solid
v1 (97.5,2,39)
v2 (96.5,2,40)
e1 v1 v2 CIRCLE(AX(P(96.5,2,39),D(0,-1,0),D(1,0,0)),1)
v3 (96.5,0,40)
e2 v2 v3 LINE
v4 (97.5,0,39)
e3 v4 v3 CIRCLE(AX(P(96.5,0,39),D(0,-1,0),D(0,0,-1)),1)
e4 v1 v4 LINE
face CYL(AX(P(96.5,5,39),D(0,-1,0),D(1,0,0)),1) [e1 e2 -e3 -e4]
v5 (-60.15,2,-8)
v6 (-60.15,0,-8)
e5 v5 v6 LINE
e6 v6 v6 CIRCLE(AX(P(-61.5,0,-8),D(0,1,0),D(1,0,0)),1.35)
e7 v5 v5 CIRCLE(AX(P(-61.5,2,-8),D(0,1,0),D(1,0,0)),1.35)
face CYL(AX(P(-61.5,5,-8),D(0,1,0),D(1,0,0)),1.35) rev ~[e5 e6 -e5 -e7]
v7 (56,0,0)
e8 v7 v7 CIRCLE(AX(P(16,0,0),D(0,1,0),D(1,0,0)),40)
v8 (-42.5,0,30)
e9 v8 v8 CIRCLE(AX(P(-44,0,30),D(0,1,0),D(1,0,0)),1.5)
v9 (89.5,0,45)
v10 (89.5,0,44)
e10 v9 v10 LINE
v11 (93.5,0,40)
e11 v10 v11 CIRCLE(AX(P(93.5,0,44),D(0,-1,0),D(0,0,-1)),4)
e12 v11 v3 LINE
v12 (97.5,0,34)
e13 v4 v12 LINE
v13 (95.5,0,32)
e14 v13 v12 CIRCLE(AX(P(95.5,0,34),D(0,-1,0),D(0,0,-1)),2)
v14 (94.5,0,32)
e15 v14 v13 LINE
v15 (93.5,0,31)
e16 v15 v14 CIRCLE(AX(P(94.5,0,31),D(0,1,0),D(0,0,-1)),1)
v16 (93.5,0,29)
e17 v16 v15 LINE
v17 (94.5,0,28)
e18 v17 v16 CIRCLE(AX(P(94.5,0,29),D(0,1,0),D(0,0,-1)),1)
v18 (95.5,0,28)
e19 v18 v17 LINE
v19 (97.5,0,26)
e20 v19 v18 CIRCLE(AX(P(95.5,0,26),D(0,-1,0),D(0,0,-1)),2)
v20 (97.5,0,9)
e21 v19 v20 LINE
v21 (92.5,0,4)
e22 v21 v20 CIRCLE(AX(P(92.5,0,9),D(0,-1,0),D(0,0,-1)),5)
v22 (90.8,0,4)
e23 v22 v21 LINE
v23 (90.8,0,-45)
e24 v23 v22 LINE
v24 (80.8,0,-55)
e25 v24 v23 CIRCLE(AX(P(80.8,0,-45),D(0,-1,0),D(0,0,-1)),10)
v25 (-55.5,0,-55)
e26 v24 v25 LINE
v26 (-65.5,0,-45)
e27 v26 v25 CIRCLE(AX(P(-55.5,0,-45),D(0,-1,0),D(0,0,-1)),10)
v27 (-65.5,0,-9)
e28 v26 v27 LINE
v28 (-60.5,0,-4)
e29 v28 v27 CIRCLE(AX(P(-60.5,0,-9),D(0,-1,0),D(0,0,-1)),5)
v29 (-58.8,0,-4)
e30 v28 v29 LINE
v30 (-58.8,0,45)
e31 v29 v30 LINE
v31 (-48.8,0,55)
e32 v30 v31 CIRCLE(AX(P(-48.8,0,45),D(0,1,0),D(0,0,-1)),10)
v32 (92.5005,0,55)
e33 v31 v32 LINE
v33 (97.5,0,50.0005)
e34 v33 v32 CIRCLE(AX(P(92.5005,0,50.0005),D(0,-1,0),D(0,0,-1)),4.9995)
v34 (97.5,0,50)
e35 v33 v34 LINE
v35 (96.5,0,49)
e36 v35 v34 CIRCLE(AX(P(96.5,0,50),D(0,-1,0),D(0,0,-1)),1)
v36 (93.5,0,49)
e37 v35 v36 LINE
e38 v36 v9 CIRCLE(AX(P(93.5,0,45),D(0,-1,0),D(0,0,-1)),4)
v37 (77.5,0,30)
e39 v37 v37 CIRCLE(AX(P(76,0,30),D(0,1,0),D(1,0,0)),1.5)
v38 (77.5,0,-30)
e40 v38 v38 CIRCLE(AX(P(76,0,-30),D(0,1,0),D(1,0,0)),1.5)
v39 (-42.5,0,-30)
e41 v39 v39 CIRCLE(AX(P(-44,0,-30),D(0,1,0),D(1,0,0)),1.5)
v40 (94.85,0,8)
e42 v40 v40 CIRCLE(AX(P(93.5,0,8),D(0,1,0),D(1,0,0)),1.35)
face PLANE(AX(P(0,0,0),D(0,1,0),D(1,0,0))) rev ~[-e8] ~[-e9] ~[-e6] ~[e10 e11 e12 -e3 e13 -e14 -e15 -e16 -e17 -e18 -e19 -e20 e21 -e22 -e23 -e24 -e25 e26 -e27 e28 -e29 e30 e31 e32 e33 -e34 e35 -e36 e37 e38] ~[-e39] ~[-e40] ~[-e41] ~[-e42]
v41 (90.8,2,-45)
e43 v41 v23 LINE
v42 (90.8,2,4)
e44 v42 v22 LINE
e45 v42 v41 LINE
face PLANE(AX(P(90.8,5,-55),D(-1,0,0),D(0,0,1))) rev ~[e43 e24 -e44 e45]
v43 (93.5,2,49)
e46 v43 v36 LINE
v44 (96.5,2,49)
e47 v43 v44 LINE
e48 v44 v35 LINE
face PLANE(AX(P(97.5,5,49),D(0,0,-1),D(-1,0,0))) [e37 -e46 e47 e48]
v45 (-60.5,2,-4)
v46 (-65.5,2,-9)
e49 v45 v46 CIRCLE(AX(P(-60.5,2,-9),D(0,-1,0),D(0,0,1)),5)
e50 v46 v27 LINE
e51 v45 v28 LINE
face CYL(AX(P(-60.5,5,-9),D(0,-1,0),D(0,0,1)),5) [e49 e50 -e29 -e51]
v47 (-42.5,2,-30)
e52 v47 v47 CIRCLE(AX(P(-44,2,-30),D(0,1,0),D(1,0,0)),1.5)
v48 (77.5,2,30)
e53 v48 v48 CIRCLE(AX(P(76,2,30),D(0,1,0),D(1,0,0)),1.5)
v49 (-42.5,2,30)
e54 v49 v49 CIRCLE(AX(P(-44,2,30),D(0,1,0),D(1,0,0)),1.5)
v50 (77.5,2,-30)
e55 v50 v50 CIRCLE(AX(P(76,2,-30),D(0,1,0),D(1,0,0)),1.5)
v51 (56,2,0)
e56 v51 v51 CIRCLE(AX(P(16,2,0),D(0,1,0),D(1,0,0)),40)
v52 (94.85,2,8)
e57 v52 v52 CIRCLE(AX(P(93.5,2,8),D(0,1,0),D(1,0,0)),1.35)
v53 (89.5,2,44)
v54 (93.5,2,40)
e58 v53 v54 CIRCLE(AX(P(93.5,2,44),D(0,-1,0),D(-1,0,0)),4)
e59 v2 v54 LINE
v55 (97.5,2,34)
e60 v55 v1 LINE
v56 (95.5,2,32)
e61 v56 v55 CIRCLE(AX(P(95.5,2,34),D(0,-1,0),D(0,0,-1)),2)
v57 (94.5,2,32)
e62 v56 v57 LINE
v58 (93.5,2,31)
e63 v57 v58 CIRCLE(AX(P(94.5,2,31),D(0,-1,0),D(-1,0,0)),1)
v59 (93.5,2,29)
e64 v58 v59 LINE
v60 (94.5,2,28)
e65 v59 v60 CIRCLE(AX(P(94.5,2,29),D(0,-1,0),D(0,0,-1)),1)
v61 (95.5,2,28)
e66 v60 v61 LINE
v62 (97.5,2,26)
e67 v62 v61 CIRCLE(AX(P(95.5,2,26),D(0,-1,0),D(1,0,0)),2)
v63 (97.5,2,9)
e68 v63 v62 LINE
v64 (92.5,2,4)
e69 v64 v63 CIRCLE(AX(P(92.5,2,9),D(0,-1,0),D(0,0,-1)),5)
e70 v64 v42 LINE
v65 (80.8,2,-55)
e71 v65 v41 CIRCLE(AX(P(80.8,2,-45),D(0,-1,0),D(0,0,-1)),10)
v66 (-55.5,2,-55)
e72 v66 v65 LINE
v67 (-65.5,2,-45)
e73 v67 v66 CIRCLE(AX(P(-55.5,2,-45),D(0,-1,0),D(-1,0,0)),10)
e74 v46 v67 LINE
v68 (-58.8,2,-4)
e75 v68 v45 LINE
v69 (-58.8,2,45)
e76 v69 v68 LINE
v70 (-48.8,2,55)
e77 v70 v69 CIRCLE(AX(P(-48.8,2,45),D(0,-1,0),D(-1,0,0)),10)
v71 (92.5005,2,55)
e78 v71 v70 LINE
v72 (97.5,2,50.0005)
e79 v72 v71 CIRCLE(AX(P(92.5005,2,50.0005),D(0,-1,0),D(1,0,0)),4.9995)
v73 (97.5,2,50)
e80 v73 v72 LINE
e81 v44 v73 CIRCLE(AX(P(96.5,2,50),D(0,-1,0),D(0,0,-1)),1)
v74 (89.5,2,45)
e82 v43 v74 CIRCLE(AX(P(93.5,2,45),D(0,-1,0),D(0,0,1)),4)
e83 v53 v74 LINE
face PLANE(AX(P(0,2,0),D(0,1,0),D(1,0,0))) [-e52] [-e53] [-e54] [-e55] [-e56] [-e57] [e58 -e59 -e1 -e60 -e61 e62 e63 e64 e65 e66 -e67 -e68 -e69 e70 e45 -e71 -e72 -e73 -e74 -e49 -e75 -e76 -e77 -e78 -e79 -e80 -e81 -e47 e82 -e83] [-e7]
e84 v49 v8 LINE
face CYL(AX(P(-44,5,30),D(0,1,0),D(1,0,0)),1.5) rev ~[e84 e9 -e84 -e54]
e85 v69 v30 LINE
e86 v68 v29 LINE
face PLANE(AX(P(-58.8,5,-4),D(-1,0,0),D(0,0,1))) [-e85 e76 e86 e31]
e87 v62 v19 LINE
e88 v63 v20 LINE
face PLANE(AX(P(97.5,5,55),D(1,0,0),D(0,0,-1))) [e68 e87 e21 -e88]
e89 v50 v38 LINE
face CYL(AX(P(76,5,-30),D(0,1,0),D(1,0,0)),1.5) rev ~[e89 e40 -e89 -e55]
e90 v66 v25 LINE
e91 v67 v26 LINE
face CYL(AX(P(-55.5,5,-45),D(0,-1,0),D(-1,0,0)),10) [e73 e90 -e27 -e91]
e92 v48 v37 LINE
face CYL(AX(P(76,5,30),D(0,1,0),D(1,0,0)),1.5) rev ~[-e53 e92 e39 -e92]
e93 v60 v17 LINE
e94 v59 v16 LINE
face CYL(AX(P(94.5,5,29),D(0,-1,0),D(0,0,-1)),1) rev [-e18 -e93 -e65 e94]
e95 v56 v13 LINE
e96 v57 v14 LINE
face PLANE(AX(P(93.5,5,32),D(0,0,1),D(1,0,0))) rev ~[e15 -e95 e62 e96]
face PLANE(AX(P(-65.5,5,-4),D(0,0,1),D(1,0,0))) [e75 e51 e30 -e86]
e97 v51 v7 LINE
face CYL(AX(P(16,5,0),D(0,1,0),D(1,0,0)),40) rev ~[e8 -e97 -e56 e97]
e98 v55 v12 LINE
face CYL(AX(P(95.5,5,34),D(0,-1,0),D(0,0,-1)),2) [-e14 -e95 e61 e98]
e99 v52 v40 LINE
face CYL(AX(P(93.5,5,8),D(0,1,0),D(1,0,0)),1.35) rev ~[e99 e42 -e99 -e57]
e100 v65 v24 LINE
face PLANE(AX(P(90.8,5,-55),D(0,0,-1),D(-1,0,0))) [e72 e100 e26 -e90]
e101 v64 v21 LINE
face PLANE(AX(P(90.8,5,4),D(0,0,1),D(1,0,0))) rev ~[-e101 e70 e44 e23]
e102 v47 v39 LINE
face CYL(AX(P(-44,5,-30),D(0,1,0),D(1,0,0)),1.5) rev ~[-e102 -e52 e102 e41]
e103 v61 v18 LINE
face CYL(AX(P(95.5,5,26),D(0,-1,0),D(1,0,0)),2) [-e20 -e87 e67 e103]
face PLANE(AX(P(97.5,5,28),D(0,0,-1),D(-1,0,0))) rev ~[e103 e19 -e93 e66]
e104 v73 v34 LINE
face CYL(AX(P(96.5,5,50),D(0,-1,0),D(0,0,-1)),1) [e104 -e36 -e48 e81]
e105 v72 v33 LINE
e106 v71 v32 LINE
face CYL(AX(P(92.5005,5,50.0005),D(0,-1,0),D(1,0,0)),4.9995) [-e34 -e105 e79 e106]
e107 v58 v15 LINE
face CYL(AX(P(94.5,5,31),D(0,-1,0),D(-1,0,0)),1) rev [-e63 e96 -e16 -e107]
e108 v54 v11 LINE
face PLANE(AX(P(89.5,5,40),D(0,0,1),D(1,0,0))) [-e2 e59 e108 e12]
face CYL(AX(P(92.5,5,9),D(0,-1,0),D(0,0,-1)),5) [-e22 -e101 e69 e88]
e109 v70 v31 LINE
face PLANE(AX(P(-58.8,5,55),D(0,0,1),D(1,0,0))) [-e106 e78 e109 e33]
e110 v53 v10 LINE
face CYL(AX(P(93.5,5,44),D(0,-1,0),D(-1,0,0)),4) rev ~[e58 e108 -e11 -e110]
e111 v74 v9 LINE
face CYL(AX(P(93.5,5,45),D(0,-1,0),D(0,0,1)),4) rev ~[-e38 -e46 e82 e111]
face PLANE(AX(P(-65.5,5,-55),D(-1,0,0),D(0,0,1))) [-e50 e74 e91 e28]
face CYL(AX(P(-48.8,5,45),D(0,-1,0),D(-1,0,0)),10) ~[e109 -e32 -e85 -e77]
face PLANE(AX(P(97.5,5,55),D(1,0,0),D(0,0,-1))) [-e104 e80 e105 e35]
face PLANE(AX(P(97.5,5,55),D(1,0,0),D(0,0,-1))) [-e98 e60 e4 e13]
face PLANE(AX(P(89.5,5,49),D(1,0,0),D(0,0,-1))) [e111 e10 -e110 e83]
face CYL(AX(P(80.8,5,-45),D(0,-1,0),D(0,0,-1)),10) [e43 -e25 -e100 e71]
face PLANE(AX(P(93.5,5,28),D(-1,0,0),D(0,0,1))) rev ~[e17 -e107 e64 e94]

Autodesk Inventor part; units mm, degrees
ref_plane "YZ Plane" through (0, 0, 0) normal (1, 0, 0) x (0, 1, 0)
ref_plane "XZ Plane" through (0, 0, 0) normal (0, 1, 0) x (-1, 0, 0)
ref_plane "XY Plane" through (0, 0, 0) normal (0, 0, 1) x (1, 0, 0)
sketch "Sketch1" plane through (0, 0, 0) normal (0, 1, 0) x (-1, 0, 0)
  circle A0 centre (0, 0) radius 40
  circle A1 centre (0, 0) radius 25
  dimension "d1" = 50
  dimension "d13" = 15
extrude "Extrusion1" add sketch "Sketch1" along normal blind 5
sketch "Sketch2" plane through (0, 5, 0) normal (0, 1, 0) x (1, 0, 0)
  circle A0 centre (-33, 0) radius 1.25
  circle A1 centre (0, 0) radius 25 projected
  circle A2 centre (0, 0) radius 33 construction
  dimension "d4" = 2.5
  dimension "d12" = 8
extrude "Extrusion2" cut sketch "Sketch2" against normal blind 10 contours A0
pattern_circular "Circular Pattern1" count 6 over 360 about axis through (0, 0, 0) along (0, 1, 0) of "Extrusion2"
sketch "Sketch3" plane through (0, 5, 0) normal (0, 1, 0) x (1, 0, 0)
  line L0 (-85, -42.5) -> (85, -42.5)
  line L1 (85, -42.5) -> (85, 42.5)
  line L2 (85, 42.5) -> (-85, 42.5)
  line L3 (-85, 42.5) -> (-85, -42.5)
  line L4 (-85, -42.5) -> (85, 42.5) construction
  line L5 (85, -42.5) -> (-85, 42.5) construction
  line L6 (34.5, 15.5) -> (65.5, 15.5) construction
  line L7 (65.5, 15.5) -> (65.5, -15.5) construction
  line L8 (65.5, -15.5) -> (34.5, -15.5) construction
  line L9 (34.5, -15.5) -> (34.5, 15.5) construction
  line L10 (34.5, 15.5) -> (65.5, -15.5) construction
  line L11 (65.5, 15.5) -> (34.5, -15.5) construction
  circle A0 centre (34.5, 15.5) radius 1.5
  circle A1 centre (65.5, 15.5) radius 1.5
  circle A2 centre (65.5, -15.5) radius 1.5
  circle A3 centre (34.5, -15.5) radius 1.5
  line L12 (0, 0) -> (50, 0) construction
  circle A4 centre (0, 0) radius 40
  circle A5 centre (0, 0) radius 40 projected
  line L13 (-50, 42.5) -> (-50, -42.5)
  circle A6 centre (50, 0) radius 12
  dimension "d14" = 85
  dimension "d15" = 170
  dimension "d16" = 31
  dimension "d17" = 31
  dimension "d18" = 3
  dimension "d19" = 3
  dimension "d20" = 3
  dimension "d21" = 3
  dimension "d22" = 50
  dimension "d23" = 35
  dimension "d26" = 24
extrude "Extrusion3" add sketch "Sketch3" against normal blind 5 contours L13 L2 L1 L0
sketch "Sketch4" plane through (0, 5, 0) normal (0, 1, 0) x (1, 0, 0)
  arc A0 (39.56, -5.9166) -> (39.56, 5.9166) centre (50, 0) ccw projected
  circle A1 centre (50, 0) radius 12
  point P0 (0, 0)
  point P1 (39.56, 5.9166)
  point P2 (39.56, -5.9166)
extrude "Extrusion4" cut sketch "Sketch4" against normal blind 5
sketch "Sketch5" plane through (0, 5, 0) normal (0, 1, 0) x (1, 0, 0)
  circle A0 centre (65.5, 15.5) radius 1.5 projected
  circle A1 centre (65.5, 15.5) radius 1.5
  line L0 (34.5, -15.5) -> (65.5, -15.5)
  line L1 (65.5, -15.5) -> (65.5, 15.5)
  line L2 (65.5, 15.5) -> (34.5, 15.5)
  line L3 (34.5, 15.5) -> (34.5, -15.5)
  circle A2 centre (50, 0) radius 12 projected
  line L4 (34.5, -15.5) -> (65.5, 15.5) construction
  line L5 (65.5, -15.5) -> (34.5, 15.5) construction
  circle A3 centre (34.5, 15.5) radius 1.5
  circle A4 centre (34.5, -15.5) radius 1.5
  point P0 (0, 0)
  dimension "d30" = 3
  dimension "d31" = 3
extrude "Extrusion5" cut sketch "Sketch5" against normal blind 5 contours A3 L3 L2 | L2 L3 A3 | A4 L3 L0 | L0 L3 A4
sketch "Sketch6" plane through (0, 5, 0) normal (0, 1, 0) x (1, 0, 0)
  line L0 (-65.5, -55) -> (97.5, -55)
  line L1 (97.5, -55) -> (97.5, 55)
  line L2 (97.5, 55) -> (-65.5, 55)
  line L3 (-65.5, 55) -> (-65.5, -55)
  line L4 (-65.5, -55) -> (97.5, 55) construction
  line L5 (97.5, -55) -> (-65.5, 55) construction
  line L6 (-65.5, 4) -> (-58.8, 4)
  line L7 (-58.8, 4) -> (-58.8, -55)
  line L8 (-58.8, -55) -> (-65.5, -55)
  line L9 (-65.5, -55) -> (-65.5, 4)
  line L10 (97.5, 55) -> (90.8, 55)
  line L11 (90.8, 55) -> (90.8, -4)
  line L12 (90.8, -4) -> (97.5, -4)
  line L13 (97.5, -4) -> (97.5, 55)
  line L14 (-50, -42.5) -> (-50, 42.5) projected
  line L15 (85, 42.5) -> (85, -42.5) projected
  line L16 (-50, 42.5) -> (85, 42.5)
  line L17 (85, 42.5) -> (85, -42.5)
  line L18 (85, -42.5) -> (-50, -42.5)
  line L19 (-50, -42.5) -> (-50, 42.5)
  point P0 (0, 0)
  point P1 (16, 0)
  dimension "d34" = 16
  dimension "d35" = 110
  dimension "d36" = 163
  dimension "d37" = 6.7
  dimension "d38" = 6.7
  dimension "d40" = 51
  dimension "d41" = 51
extrude "Extrusion6" add sketch "Sketch6" against normal blind 5 contours L7 L6 L3 L2 L11 L12 L1 L0
sketch "Sketch7" plane through (0, 5, 0) normal (0, 1, 0) x (1, 0, 0)
  line L0 (97.5, -49) -> (89.5, -49)
  line L1 (89.5, -49) -> (89.5, -40)
  line L2 (89.5, -40) -> (97.5, -40)
  line L3 (97.5, -40) -> (97.5, -49)
  line L4 (-58.8, -55) -> (97.5, -55) projected
  line L5 (97.5, -55) -> (97.5, -4) projected
  line L6 (97.5, -28) -> (93.5, -28)
  line L7 (93.5, -28) -> (93.5, -32)
  line L8 (93.5, -32) -> (97.5, -32)
  line L9 (97.5, -32) -> (97.5, -28)
  point P0 (0, 0)
  dimension "d44" = 6
  dimension "d45" = 9
  dimension "d46" = 8
  dimension "d47" = 8
  dimension "d48" = 4
  dimension "d49" = 4
extrude "Extrusion7" cut sketch "Sketch7" against normal blind 5
fillet "Fillet2" radius 2 2 edges at (97.5, 2.5, 28) (97.5, 2.5, 32)
fillet "Fillet3" radius 1 2 edges at (93.5, 2.5, 28) (93.5, 2.5, 32)
fillet "Fillet4" radius 1 2 edges at (97.5, 2.5, 49) (97.5, 2.5, 40)
fillet "Fillet5" radius 5 1 edges at (97.5, 2.5, 55)
fillet "Fillet6" radius 4 2 edges at (89.5, 2.5, 40) (89.5, 2.5, 49)
fillet "Fillet7" radius 5 2 edges at (97.5, 2.5, 4) (-65.5, 2.5, -4)
fillet "Fillet8" radius 10 3 edges at (-58.8, 2.5, 55) (90.8, 2.5, -55) (-65.5, 2.5, -55)
sketch "Sketch8" plane through (0, 5, 0) normal (0, 1, 0) x (1, 0, 0)
  circle A0 centre (-61.5, 8) radius 1.35
  circle A1 centre (93.5, -8) radius 1.35
  line L0 (-60.5, 4) -> (-58.8, 4) projected
  line L1 (-65.5, 45) -> (-65.5, 9) projected
  line L2 (92.5, -4) -> (90.8, -4) projected
  line L3 (97.5, -26) -> (97.5, -9) projected
  point P0 (0, 0)
  dimension "d59" = 4
  dimension "d60" = 4
  dimension "d61" = 2.7
  dimension "d62" = 4
  dimension "d63" = 4
  dimension "d64" = 2.7
extrude "Extrusion8" cut sketch "Sketch8" against normal blind 5
sketch "Sketch9" plane through (0, 5, 0) normal (0, 1, 0) x (1, 0, 0)
  line L0 (-48, 44) -> (76, 44)
  line L1 (76, 44) -> (76, -39)
  line L2 (76, -39) -> (-48, -39)
  line L3 (-48, -39) -> (-48, 44)
  point P0 (0, 0)
extrude "Extrusion9" add sketch "Sketch9" against normal blind 5
sketch "Sketch10" plane through (0, 5, 0) normal (0, 1, 0) x (1, 0, 0)
  circle A0 centre (16, 0) radius 40
  line L0 (-58.8, 4) -> (-58.8, -45) projected
  point P0 (0, 0)
  dimension "d69" = 80
  dimension "d70" = 74.8
extrude "Extrusion10" cut sketch "Sketch10" against normal blind 5
sketch "Sketch11" plane through (0, 5, 0) normal (0, 1, 0) x (1, 0, 0)
  line L0 (-44, -30) -> (76, -30) construction
  line L1 (76, -30) -> (76, 30) construction
  line L2 (76, 30) -> (-44, 30) construction
  line L3 (-44, 30) -> (-44, -30) construction
  circle A0 centre (16, 0) radius 40 construction
  line L4 (-44, -30) -> (76, 30) construction
  line L5 (76, -30) -> (-44, 30) construction
  circle A1 centre (76, 30) radius 1.5
  circle A2 centre (-44, 30) radius 1.5
  circle A3 centre (-44, -30) radius 1.5
  circle A4 centre (76, -30) radius 1.5
  point P0 (0, 0)
  dimension "d73" = 60
  dimension "d74" = 120
  dimension "d75" = 3
  dimension "d76" = 3
  dimension "d77" = 3
  dimension "d78" = 3
extrude "Extrusion11" cut sketch "Sketch11" against normal blind 5
sketch "Sketch12" plane through (0, 5, 0) normal (0, 1, 0) x (1, 0, 0)
  line L0 (-160, 70) -> (160, 70)
  line L1 (160, 70) -> (160, -70)
  line L2 (160, -70) -> (-160, -70)
  line L3 (-160, -70) -> (-160, 70)
  line L4 (-160, 70) -> (160, -70) construction
  line L5 (160, 70) -> (-160, -70) construction
  point P0 (0, 0)
extrude "Extrusion12" cut sketch "Sketch12" against normal blind 3
properties part number "Microscope lid"
